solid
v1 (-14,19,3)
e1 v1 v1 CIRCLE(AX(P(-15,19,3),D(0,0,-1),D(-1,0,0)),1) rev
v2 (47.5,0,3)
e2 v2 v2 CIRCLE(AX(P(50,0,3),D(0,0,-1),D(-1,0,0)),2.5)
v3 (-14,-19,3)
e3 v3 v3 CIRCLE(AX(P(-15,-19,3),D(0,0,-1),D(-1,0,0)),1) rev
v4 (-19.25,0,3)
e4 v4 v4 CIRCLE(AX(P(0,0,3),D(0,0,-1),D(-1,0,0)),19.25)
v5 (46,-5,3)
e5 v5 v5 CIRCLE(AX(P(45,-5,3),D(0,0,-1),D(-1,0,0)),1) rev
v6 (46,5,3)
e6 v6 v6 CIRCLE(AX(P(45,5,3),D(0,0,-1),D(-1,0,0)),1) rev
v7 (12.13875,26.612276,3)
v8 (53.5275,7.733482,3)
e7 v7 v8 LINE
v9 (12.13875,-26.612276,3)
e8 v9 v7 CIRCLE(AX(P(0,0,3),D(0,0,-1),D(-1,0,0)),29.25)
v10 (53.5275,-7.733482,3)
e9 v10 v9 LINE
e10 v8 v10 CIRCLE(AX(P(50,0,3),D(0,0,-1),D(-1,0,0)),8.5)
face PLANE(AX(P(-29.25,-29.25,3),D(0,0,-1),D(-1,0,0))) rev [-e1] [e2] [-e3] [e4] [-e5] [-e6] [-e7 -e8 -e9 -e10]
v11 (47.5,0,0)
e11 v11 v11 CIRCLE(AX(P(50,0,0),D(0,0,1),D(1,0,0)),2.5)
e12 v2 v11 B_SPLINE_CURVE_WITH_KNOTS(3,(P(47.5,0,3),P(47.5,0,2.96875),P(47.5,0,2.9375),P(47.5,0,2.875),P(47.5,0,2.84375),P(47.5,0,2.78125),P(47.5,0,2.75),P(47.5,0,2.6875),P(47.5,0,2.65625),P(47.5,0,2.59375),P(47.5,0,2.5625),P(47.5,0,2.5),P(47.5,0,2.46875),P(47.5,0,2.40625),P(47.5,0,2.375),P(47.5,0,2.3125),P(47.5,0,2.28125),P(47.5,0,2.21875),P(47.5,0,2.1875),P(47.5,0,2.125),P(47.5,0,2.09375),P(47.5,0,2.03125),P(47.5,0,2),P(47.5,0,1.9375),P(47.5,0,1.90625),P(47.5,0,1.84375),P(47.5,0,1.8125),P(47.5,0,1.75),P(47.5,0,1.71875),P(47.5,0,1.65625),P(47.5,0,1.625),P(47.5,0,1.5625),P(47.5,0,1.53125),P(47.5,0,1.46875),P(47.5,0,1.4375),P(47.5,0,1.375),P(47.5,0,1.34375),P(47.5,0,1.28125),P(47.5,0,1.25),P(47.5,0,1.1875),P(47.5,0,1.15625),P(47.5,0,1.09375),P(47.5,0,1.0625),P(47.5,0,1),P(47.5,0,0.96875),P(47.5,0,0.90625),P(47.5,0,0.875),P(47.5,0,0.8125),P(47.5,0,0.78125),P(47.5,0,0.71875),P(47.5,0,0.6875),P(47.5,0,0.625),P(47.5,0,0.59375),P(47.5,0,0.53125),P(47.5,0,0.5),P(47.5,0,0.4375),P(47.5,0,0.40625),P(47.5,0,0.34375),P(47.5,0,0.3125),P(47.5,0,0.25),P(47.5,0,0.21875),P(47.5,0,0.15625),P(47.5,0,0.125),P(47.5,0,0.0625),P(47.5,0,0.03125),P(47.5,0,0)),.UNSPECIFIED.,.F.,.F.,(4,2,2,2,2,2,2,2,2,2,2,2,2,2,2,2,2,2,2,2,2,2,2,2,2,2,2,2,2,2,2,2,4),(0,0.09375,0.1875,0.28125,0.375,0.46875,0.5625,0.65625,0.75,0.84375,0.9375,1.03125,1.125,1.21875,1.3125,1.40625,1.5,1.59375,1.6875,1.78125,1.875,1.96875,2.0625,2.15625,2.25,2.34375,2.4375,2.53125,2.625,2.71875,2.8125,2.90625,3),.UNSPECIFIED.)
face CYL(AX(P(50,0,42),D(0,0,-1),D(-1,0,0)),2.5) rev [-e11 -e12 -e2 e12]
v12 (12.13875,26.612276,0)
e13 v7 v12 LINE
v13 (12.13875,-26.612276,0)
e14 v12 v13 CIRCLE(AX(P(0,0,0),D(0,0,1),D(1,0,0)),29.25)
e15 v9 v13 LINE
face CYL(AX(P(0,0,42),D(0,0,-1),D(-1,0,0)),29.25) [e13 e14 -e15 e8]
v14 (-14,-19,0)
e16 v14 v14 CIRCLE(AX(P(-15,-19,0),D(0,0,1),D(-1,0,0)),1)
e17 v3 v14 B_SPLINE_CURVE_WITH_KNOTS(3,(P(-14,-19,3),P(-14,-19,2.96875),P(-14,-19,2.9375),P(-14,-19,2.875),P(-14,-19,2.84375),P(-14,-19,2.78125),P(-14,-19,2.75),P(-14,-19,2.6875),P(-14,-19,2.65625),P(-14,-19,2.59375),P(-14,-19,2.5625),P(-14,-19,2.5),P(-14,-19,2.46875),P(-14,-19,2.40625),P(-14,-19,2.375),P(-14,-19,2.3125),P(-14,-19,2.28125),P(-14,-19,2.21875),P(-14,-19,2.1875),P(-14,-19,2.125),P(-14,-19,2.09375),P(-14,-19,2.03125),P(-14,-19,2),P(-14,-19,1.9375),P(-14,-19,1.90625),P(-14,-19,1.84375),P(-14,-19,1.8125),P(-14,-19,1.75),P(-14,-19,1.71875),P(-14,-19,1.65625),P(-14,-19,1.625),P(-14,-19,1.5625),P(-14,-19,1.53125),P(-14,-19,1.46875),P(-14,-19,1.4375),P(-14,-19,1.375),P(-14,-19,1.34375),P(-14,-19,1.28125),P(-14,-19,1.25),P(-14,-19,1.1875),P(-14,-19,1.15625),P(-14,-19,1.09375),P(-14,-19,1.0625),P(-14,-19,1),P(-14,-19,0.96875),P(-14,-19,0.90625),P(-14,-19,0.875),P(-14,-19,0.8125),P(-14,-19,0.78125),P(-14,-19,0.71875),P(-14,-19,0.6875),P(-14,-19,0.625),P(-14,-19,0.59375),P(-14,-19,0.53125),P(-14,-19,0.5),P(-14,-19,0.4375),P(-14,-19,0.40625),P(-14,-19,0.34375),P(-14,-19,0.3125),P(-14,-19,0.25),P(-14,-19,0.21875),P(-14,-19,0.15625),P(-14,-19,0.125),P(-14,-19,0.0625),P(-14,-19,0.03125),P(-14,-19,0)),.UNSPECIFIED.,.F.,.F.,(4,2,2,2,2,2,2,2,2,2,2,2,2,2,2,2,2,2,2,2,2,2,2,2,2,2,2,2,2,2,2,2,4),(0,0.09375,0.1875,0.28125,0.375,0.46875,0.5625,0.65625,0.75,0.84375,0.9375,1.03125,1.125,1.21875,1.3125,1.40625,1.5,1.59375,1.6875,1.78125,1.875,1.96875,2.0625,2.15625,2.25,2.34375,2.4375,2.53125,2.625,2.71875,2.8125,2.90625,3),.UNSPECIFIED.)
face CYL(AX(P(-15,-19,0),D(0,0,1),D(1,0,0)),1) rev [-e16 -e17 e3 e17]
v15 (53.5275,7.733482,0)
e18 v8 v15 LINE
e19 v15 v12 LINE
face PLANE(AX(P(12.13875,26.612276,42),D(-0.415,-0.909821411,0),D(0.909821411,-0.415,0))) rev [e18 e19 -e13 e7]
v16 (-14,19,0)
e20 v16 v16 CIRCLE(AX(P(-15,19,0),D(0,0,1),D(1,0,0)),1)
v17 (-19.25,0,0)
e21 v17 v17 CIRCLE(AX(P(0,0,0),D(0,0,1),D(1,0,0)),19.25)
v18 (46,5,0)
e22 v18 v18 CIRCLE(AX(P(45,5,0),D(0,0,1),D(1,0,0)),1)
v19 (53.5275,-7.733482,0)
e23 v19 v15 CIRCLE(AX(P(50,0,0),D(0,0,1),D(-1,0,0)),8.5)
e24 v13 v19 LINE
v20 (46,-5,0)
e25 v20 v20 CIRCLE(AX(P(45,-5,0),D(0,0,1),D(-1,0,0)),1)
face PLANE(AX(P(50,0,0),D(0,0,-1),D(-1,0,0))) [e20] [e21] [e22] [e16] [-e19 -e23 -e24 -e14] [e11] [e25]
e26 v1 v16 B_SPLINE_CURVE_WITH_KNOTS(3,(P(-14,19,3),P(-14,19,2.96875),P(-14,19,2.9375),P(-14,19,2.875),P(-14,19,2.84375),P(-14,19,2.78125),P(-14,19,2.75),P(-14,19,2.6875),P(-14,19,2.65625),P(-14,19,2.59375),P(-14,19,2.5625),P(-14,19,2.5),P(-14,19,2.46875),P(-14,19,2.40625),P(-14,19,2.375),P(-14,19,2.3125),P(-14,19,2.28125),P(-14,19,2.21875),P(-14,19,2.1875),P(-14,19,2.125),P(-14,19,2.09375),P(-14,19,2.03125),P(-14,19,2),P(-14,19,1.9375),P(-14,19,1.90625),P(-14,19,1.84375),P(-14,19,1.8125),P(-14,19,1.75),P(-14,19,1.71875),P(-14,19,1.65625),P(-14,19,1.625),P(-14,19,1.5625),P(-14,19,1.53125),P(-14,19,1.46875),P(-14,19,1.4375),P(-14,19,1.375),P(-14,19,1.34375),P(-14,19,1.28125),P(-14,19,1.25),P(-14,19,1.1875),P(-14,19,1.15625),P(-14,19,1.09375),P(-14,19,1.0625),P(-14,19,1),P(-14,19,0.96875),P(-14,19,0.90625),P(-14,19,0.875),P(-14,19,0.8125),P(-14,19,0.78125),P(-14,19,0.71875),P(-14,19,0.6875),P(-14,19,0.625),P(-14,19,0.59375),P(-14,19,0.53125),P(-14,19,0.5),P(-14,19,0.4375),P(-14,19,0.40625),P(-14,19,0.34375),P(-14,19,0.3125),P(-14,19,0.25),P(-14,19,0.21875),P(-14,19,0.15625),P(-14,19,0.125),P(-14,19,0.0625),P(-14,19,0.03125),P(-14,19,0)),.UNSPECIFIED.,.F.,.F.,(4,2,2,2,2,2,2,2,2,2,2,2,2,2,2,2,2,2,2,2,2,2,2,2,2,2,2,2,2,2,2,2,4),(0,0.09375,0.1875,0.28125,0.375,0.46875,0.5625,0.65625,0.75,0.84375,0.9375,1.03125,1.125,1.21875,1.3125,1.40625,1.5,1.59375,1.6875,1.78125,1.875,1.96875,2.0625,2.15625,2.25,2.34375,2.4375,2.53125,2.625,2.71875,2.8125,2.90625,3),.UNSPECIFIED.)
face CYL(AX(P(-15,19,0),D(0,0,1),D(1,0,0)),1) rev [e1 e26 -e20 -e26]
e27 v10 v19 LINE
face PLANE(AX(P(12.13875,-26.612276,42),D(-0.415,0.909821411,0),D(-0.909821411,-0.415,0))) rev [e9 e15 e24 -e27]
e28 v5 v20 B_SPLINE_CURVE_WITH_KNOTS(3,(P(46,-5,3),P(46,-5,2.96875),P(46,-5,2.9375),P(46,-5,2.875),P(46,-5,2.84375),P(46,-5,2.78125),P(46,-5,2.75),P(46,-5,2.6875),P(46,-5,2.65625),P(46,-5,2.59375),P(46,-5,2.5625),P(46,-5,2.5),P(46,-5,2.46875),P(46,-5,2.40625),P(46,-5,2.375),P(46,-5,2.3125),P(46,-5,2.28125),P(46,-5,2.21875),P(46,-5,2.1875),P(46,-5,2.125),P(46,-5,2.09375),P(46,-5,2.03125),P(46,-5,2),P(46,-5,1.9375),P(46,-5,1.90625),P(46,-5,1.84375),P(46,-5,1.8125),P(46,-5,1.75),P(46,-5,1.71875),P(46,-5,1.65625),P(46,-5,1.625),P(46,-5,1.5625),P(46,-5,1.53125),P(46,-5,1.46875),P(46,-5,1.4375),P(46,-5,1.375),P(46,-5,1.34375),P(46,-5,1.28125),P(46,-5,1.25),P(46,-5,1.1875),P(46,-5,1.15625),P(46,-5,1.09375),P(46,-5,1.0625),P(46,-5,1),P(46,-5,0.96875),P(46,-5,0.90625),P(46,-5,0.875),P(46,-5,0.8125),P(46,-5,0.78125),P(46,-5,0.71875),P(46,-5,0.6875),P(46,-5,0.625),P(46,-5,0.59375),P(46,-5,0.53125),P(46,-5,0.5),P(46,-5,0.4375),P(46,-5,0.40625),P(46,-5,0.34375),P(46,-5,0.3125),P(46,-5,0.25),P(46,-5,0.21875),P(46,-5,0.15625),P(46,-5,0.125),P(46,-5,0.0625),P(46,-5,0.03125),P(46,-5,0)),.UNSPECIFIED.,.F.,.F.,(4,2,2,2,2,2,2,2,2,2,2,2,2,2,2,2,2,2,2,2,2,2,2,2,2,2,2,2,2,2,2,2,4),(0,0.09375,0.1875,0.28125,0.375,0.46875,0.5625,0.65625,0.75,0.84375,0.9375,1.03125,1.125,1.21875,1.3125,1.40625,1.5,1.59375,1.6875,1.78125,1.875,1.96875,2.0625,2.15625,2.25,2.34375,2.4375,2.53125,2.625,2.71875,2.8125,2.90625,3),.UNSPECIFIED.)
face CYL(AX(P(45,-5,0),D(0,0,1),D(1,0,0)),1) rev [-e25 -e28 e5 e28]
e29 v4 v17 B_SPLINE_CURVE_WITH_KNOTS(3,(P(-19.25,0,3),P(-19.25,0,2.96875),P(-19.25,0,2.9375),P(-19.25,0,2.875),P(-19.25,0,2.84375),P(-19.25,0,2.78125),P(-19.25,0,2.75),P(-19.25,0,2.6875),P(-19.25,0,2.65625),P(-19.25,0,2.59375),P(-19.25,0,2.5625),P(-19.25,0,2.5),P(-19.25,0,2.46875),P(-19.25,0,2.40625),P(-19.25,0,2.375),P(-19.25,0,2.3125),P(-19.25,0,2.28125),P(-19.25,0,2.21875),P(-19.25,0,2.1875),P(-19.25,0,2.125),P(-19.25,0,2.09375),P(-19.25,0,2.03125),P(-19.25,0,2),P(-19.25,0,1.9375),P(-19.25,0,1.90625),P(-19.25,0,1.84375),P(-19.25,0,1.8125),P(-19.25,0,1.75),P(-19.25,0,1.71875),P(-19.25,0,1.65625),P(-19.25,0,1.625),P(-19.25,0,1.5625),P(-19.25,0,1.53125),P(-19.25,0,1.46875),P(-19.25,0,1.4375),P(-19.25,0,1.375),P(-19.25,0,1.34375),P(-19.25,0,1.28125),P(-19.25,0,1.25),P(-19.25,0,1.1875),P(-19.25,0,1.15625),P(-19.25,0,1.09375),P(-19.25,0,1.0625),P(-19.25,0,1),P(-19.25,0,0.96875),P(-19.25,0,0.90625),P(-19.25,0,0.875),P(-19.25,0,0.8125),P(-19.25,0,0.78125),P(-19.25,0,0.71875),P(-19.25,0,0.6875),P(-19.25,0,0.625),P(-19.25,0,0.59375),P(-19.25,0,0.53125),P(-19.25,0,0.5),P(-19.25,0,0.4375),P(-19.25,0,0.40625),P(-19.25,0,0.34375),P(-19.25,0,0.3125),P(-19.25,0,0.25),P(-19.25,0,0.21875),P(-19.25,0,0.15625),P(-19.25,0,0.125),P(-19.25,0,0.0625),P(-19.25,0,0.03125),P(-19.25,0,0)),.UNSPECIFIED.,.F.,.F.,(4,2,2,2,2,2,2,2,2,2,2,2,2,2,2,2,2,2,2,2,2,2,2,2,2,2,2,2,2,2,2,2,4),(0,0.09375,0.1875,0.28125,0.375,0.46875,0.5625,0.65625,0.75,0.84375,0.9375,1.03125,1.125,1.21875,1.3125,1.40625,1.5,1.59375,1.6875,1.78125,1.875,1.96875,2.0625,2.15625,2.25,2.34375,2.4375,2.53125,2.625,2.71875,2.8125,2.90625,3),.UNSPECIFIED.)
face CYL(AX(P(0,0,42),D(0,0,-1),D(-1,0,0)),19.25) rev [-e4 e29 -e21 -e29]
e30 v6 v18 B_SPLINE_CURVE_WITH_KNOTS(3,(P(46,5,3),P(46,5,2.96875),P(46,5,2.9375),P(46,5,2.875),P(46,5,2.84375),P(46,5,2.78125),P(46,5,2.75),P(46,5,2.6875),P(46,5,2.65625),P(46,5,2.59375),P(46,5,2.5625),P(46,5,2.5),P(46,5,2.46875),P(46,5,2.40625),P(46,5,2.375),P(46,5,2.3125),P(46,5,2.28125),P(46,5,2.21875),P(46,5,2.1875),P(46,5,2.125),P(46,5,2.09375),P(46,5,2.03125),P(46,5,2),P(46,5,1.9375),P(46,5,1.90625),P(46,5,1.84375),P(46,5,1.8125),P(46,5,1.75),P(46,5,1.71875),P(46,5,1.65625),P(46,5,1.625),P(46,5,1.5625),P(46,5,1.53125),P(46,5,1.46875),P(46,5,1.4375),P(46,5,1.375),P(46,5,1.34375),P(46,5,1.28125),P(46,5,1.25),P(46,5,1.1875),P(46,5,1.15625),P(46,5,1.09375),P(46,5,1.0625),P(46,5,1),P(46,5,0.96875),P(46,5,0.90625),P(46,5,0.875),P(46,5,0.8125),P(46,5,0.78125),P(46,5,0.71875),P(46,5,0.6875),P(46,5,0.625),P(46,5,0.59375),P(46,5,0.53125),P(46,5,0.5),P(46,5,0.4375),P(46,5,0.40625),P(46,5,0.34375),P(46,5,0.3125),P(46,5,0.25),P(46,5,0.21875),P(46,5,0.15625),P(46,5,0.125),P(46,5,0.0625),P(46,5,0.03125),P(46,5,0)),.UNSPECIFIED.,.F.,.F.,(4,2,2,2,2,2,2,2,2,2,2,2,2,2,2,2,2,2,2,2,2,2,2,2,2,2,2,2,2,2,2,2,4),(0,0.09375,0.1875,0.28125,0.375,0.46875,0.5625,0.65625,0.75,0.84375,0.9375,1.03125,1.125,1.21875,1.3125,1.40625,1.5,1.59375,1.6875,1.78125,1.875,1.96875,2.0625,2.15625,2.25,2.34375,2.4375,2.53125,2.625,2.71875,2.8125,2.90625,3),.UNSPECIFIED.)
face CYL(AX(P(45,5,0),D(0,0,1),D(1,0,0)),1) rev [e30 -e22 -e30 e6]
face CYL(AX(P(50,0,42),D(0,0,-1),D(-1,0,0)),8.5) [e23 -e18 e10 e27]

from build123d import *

# Parameters (mm, degrees)
ESQUISSE1_R                  = 19.25
ESQUISSE1_R_2                = 2.5
BOSS_EXTRU_1_DEPTH           = 42
ENL_V_MAT_EXTRU_1_DEPTH      = 74.881298321
ENL_V_MAT_EXTRU_1_DEPTH_BACK = 74.881298321
ESQUISSE2_W                  = 90
ESQUISSE2_H                  = 30
ESQUISSE3_R                  = 1
ENL_V_MAT_EXTRU_2_DEPTH      = 42
ENL_V_MAT_EXTRU_3_DEPTH      = 78.729096869
ENL_V_MAT_EXTRU_3_DEPTH_BACK = 78.729096869
ESQUISSE4_W                  = 87.75
ESQUISSE4_H                  = 39


with BuildPart() as part:
    # Esquisse1 → Boss.-Extru.1 (new body)
    with BuildSketch(Plane.XY):
        with BuildLine():
            Line((12.13875, 26.612276273), (53.5275, 7.733481994))
            ThreePointArc((53.5275, 7.733481994), (58.5, 0), (53.5275, -7.733481994))
            Line((53.5275, -7.733481994), (12.13875, -26.612276273))
            ThreePointArc((12.13875, -26.612276273), (-29.25, 0), (12.13875, 26.612276273))
        make_face()
        with Locations(Location((0, 0, 0), (0, 0, 180))):
            Circle(ESQUISSE1_R, mode=Mode.SUBTRACT)
        with Locations(Location((50, 0, 0), (0, 0, 180))):
            Circle(ESQUISSE1_R_2, mode=Mode.SUBTRACT)
    extrude(amount=BOSS_EXTRU_1_DEPTH)

    # Esquisse2 → Enlèv. mat.-Extru.1 (cut, two sides: drawn at the far end of the back side and taken through both)
    with BuildSketch(Plane(origin=(5.218823759, 0, 0), x_dir=(1, 0, 0), z_dir=(0, 1, 0)).offset(-ENL_V_MAT_EXTRU_1_DEPTH_BACK)):
        with Locations((-11.691323759, -21)):
            Rectangle(ESQUISSE2_W, ESQUISSE2_H)
    extrude(amount=ENL_V_MAT_EXTRU_1_DEPTH + ENL_V_MAT_EXTRU_1_DEPTH_BACK, mode=Mode.SUBTRACT)

    # Esquisse3 → Enlèv. mat.-Extru.2 (cut)
    with BuildSketch(Plane.XY.offset(42)):
        with Locations((45, 5)):
            Circle(ESQUISSE3_R)
        with Locations((45, -5)):
            Circle(ESQUISSE3_R)
        with Locations((-15, 19)):
            Circle(ESQUISSE3_R)
        with Locations((-15, -19)):
            Circle(ESQUISSE3_R)
    extrude(amount=-ENL_V_MAT_EXTRU_2_DEPTH, mode=Mode.SUBTRACT)

    # Esquisse4 → Enlèv. mat.-Extru.3 (cut, two sides: drawn at the far end of the back side and taken through both)
    with BuildSketch(Plane(origin=(0, 0, 0), x_dir=(1, 0, 0), z_dir=(0, 1, 0)).offset(-ENL_V_MAT_EXTRU_3_DEPTH_BACK)):
        with Locations((14.625, -22.5)):
            Rectangle(ESQUISSE4_W, ESQUISSE4_H)
    extrude(amount=ENL_V_MAT_EXTRU_3_DEPTH + ENL_V_MAT_EXTRU_3_DEPTH_BACK, mode=Mode.SUBTRACT)


solid = part.part
